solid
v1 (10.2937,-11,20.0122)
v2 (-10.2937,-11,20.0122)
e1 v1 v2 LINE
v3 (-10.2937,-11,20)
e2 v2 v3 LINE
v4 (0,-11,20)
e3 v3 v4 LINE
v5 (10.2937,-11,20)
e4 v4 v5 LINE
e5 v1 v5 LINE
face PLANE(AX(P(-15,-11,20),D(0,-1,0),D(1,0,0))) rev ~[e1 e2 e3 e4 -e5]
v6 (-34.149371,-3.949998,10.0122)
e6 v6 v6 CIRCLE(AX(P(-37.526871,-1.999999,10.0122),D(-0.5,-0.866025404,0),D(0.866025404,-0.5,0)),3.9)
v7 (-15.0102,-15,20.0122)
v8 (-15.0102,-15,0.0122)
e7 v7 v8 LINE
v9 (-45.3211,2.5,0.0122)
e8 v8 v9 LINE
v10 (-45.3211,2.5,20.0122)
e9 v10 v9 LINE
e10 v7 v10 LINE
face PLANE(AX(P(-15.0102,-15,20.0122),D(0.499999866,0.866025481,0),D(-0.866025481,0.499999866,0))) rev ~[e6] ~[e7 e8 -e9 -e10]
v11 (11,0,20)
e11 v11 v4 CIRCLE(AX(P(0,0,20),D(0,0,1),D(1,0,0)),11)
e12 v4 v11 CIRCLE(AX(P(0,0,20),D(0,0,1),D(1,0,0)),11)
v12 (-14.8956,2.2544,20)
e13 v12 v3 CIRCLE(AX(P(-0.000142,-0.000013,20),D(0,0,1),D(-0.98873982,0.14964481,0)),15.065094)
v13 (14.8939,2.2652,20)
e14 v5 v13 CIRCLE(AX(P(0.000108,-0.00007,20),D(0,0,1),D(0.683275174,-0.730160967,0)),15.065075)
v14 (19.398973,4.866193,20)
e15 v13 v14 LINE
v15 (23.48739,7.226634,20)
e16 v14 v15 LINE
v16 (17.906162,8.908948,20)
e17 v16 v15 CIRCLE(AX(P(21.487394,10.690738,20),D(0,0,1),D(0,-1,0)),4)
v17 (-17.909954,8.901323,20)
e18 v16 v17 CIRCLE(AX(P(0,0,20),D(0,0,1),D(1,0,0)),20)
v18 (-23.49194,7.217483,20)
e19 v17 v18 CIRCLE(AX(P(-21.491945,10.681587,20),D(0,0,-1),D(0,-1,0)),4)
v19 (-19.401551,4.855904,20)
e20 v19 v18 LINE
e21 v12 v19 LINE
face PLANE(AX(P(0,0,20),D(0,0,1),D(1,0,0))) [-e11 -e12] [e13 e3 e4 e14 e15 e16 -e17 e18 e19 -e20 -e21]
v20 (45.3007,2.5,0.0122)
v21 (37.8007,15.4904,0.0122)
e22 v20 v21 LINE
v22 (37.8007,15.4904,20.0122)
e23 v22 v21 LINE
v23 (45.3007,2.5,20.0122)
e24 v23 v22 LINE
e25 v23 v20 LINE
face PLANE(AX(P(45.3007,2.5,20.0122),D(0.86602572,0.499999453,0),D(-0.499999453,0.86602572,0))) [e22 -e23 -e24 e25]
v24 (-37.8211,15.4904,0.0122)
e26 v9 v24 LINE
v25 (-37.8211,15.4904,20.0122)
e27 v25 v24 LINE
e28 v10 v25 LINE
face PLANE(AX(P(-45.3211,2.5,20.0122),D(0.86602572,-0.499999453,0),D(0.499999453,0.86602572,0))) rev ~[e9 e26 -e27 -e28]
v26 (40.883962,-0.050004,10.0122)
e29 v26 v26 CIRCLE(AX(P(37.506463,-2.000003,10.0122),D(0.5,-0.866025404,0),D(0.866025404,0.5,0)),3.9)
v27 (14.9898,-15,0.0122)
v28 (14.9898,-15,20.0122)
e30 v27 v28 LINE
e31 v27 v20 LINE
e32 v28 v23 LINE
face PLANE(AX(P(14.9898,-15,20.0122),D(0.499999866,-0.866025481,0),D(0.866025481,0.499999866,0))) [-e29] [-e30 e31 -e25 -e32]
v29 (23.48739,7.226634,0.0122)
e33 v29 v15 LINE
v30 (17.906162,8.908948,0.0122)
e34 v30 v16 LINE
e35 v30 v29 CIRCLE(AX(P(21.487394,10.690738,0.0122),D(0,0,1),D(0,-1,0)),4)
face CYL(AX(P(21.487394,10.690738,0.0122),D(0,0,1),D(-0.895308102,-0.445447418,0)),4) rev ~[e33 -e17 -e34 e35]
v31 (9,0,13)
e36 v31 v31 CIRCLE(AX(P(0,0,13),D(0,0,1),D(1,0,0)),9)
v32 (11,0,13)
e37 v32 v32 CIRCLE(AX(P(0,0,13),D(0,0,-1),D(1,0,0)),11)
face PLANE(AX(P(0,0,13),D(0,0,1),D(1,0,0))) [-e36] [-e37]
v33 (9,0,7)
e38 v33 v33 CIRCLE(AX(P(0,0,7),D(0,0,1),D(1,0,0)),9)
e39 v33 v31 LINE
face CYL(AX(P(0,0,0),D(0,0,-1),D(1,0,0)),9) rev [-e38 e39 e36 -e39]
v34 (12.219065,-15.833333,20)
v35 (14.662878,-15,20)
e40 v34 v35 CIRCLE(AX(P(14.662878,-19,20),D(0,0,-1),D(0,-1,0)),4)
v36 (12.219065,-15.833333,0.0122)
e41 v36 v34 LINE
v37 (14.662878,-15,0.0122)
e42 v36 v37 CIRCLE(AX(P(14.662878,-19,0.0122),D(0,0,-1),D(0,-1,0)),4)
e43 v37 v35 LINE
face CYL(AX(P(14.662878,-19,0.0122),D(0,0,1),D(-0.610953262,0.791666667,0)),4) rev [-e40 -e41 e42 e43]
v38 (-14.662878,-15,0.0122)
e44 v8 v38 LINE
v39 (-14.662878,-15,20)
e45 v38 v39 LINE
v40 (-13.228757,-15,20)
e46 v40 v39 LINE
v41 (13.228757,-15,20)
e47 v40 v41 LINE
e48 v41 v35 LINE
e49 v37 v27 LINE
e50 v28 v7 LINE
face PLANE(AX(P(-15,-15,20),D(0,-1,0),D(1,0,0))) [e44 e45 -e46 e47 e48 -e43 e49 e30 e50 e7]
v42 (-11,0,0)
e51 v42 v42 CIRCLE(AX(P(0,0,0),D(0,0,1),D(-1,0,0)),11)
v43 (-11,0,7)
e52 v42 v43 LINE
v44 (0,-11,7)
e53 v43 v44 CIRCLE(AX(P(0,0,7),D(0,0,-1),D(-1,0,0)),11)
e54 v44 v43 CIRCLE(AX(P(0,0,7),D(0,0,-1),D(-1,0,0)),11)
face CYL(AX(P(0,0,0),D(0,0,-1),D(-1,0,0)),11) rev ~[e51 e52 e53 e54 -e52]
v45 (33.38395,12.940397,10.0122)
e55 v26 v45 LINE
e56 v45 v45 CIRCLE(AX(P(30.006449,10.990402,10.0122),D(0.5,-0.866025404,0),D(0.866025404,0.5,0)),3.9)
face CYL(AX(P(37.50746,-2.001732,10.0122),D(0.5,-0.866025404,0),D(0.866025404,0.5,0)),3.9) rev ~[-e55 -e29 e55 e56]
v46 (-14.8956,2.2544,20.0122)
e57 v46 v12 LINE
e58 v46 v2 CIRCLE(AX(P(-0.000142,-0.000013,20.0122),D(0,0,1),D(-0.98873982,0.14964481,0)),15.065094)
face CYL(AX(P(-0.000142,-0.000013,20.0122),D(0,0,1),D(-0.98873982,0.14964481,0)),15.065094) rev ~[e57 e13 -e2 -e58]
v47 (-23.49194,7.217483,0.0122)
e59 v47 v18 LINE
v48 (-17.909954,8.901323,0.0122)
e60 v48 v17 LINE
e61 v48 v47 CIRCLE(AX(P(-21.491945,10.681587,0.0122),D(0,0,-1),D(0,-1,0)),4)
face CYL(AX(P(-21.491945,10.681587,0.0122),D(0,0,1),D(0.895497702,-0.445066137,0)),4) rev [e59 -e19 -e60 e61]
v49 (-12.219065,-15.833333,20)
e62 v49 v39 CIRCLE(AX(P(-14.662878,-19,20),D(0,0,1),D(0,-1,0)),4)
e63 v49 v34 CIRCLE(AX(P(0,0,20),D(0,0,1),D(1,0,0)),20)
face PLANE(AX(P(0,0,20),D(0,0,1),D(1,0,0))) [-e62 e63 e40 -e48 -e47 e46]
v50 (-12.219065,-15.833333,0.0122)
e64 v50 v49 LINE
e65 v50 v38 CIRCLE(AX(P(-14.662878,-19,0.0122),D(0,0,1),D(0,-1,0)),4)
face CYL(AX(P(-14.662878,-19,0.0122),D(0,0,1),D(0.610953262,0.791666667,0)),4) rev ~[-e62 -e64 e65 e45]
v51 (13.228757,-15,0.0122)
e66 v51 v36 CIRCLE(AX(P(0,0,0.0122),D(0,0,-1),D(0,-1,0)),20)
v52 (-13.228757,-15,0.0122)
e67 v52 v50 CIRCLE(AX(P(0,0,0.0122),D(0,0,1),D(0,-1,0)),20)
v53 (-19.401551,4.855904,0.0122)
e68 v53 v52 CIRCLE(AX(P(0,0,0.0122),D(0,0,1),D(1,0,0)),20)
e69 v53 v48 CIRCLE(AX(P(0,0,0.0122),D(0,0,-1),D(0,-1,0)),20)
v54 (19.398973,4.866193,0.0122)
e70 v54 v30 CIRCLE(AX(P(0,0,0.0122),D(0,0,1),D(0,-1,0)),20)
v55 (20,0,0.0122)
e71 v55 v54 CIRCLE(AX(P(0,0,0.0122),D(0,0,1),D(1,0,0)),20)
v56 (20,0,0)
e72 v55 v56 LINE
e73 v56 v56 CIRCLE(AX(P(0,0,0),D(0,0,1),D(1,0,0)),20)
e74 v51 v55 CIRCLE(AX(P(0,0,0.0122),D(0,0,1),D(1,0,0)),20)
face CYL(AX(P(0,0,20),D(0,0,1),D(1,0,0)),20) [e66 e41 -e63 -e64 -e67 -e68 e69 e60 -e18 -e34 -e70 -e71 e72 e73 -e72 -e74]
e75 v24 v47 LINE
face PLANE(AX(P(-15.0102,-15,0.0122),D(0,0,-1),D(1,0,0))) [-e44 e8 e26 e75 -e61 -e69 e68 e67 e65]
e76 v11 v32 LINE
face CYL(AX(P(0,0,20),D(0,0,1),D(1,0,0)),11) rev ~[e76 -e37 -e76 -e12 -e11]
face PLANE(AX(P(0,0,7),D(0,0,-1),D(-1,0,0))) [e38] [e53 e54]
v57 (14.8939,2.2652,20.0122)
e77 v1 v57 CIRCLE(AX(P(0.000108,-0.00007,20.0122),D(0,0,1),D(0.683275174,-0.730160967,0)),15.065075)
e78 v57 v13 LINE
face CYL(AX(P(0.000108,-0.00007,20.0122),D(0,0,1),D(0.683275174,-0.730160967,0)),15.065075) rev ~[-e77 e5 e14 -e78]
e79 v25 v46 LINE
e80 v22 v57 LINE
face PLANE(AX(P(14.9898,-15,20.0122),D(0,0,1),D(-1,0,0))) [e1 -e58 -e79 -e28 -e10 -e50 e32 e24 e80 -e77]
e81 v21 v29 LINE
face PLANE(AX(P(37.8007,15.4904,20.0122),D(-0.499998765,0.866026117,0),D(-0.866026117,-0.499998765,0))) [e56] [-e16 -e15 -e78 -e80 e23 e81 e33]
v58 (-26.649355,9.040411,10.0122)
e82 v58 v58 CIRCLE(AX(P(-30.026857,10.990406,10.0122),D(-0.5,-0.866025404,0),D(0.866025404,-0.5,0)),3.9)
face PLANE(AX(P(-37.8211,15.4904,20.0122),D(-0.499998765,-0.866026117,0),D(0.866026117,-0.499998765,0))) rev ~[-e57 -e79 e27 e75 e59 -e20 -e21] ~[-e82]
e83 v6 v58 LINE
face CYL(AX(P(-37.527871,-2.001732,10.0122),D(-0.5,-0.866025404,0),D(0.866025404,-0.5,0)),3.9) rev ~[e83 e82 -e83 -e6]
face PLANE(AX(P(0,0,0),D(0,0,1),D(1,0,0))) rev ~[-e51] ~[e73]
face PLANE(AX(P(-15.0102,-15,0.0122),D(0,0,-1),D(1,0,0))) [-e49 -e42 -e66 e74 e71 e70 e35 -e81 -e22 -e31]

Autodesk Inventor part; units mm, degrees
ref_plane "YZ Plane" through (0, 0, 0) normal (1, 0, 0) x (0, 1, 0)
ref_plane "XZ Plane" through (0, 0, 0) normal (0, 1, 0) x (-1, 0, 0)
sketch "Sketch1" plane through (0, 0, 0) normal (0, 0, 1) x (1, 0, 0)
  circle A0 centre (0, 0) radius 9
  circle A1 centre (0, 0) radius 15
  dimension "d0" = 18
  dimension "d3" = 30
extrude "Extrusion1" add sketch "Sketch1" along normal blind 20
sketch "Sketch2" plane through (0, 0, 20) normal (0, 0, 1) x (1, 0, 0)
  circle A0 centre (0, 0) radius 9 projected
  circle A1 centre (0, 0) radius 15 projected
  circle A2 centre (0, 0) radius 11
  dimension "d6" = 22
extrude "Extrusion2" cut sketch "Sketch2" against normal blind 7 contours A2
sketch "Sketch3" plane through (0, 0, 0) normal (0, 0, -1) x (-1, 0, 0)
  circle A0 centre (0, 0) radius 9 projected
  circle A1 centre (0, 0) radius 15 projected
  circle A2 centre (0, 0) radius 11
  dimension "d10" = 22
extrude "Extrusion3" cut sketch "Sketch3" against normal blind 7 contours A2
sketch "Sketch4" plane through (0, 0, 20) normal (0, 0, 1) x (1, 0, 0)
  circle A0 centre (0, 0) radius 11 projected
  circle A1 centre (0, 0) radius 15 projected
  line L0 (-15, 0) -> (15, 0)
ref_plane "Work Plane2" through (-15, -15, 20) normal (0, -1, 0) x (1, 0, 0)
ref_plane "Work Plane1" through (-15, 0, 20) normal (0, -1, 0) x (1, 0, 0)
sketch "Sketch5" plane through (-15, -15, 20) normal (0, -1, 0) x (1, 0, 0)
  line L0 (-0.0102, -19.9878) -> (29.9898, -19.9878)
  line L1 (29.9898, -19.9878) -> (29.9898, 0.0122)
  line L2 (29.9898, 0.0122) -> (-0.0102, 0.0122)
  line L3 (-0.0102, 0.0122) -> (-0.0102, -19.9878)
  point P0 (15, -20)
  dimension "d16" = 20
  dimension "d18" = 30
extrude "Extrusion4" add sketch "Sketch5" against normal blind 4
sketch "Sketch6" plane through (-15.0102, -15, 20.0122) normal (0, 0, 1) x (1, 0, 0)
  line L0 (30, 0) -> (0, 0) projected
  line L1 (30, 0) -> (30, 4) projected
  line L2 (0, 4) -> (30, 4) projected
  line L3 (0, 0) -> (0, 4) projected
  line L4 (0, 0) -> (-30.3109, 17.5)
  line L5 (30, 0) -> (60.3109, 17.5)
  line L6 (-30.3109, 17.5) -> (-22.8109, 30.4904)
  line L7 (-22.8109, 30.4904) -> (0.1146, 17.2544)
  line L8 (60.3109, 17.5) -> (52.8109, 30.4904)
  line L9 (52.8109, 30.4904) -> (29.8854, 17.2544)
  arc A0 (0.1146, 17.2544) -> (4.7165, 4) centre (15.0102, 15) ccw
  line L10 (0, 0) -> (15.0157, -0.0652)
  line L11 (30, 0) -> (16.4105, 0)
  arc A1 (25.3039, 4) -> (29.9041, 17.2652) centre (15.0102, 15) ccw
  arc A2 (16.4105, 0) -> (25.3039, 4) centre (15.0102, 15) ccw
  arc A3 (13.6098, 0) -> (16.4105, 0) centre (15.0102, 15) ccw
  arc A4 (4.7165, 4) -> (13.6098, 0) centre (15.0102, 15) ccw
  circle A5 centre (15.0102, 15) radius 15.0652
  dimension "d40" = 30.1304
  dimension "d21" = 30
  dimension "d22" = 30
  dimension "d23" = 35
  dimension "d24" = 35
  dimension "d25" = 90
  dimension "d26" = 90
  dimension "d27" = 15
extrude "Extrusion5" add sketch "Sketch6" against normal blind 20 contours L1 L2 A1 L9 L8 L5 | L4 L6 L7 A0 L2 L3
sketch "Sketch7" plane through (-45.3211, 2.5, 0.0122) normal (-0.5, -0.866, 0) x (0.866, -0.5, 0)
  circle A0 centre (9, 10) radius 3.9
  line L0 (0, 20) -> (0, 0) projected
  point P0 (40.4992, -0.0122)
  dimension "d30" = 7.8
  dimension "d39" = 9
extrude "Extrusion6" cut sketch "Sketch7" against normal blind 20
sketch "Sketch8" plane through (14.9898, -15, 0.0122) normal (0.5, -0.866, 0) x (0.866, 0.5, 0)
  line L0 (35, 20) -> (35, 0) projected
  circle A0 centre (26, 10) radius 3.9
  point P0 (-5.4816, -0.0122)
  dimension "d34" = 7.8
  dimension "d36" = 9
extrude "Extrusion7" cut sketch "Sketch8" against normal blind 20
sketch "Sketch9" plane through (0, 0, 20) normal (0, 0, 1) x (1, 0, 0)
  circle A0 centre (0, 0) radius 11 projected
  arc A1 (10.198, -11) -> (-10.198, -11) centre (0, 0) ccw projected
  circle A2 centre (0, 0) radius 20
  dimension "d41" = 40
extrude "Extrusion8" add sketch "Sketch9" against normal blind 20
fillet "Fillet1" radius 4 2 edges at (-13.2288, -15, 10.0061) (13.2288, -15, 10.0061)
fillet "Fillet2" radius 4 2 edges at (-19.4016, 4.8559, 10.0061) (19.399, 4.8661, 10.0061)
properties part number "right top"
